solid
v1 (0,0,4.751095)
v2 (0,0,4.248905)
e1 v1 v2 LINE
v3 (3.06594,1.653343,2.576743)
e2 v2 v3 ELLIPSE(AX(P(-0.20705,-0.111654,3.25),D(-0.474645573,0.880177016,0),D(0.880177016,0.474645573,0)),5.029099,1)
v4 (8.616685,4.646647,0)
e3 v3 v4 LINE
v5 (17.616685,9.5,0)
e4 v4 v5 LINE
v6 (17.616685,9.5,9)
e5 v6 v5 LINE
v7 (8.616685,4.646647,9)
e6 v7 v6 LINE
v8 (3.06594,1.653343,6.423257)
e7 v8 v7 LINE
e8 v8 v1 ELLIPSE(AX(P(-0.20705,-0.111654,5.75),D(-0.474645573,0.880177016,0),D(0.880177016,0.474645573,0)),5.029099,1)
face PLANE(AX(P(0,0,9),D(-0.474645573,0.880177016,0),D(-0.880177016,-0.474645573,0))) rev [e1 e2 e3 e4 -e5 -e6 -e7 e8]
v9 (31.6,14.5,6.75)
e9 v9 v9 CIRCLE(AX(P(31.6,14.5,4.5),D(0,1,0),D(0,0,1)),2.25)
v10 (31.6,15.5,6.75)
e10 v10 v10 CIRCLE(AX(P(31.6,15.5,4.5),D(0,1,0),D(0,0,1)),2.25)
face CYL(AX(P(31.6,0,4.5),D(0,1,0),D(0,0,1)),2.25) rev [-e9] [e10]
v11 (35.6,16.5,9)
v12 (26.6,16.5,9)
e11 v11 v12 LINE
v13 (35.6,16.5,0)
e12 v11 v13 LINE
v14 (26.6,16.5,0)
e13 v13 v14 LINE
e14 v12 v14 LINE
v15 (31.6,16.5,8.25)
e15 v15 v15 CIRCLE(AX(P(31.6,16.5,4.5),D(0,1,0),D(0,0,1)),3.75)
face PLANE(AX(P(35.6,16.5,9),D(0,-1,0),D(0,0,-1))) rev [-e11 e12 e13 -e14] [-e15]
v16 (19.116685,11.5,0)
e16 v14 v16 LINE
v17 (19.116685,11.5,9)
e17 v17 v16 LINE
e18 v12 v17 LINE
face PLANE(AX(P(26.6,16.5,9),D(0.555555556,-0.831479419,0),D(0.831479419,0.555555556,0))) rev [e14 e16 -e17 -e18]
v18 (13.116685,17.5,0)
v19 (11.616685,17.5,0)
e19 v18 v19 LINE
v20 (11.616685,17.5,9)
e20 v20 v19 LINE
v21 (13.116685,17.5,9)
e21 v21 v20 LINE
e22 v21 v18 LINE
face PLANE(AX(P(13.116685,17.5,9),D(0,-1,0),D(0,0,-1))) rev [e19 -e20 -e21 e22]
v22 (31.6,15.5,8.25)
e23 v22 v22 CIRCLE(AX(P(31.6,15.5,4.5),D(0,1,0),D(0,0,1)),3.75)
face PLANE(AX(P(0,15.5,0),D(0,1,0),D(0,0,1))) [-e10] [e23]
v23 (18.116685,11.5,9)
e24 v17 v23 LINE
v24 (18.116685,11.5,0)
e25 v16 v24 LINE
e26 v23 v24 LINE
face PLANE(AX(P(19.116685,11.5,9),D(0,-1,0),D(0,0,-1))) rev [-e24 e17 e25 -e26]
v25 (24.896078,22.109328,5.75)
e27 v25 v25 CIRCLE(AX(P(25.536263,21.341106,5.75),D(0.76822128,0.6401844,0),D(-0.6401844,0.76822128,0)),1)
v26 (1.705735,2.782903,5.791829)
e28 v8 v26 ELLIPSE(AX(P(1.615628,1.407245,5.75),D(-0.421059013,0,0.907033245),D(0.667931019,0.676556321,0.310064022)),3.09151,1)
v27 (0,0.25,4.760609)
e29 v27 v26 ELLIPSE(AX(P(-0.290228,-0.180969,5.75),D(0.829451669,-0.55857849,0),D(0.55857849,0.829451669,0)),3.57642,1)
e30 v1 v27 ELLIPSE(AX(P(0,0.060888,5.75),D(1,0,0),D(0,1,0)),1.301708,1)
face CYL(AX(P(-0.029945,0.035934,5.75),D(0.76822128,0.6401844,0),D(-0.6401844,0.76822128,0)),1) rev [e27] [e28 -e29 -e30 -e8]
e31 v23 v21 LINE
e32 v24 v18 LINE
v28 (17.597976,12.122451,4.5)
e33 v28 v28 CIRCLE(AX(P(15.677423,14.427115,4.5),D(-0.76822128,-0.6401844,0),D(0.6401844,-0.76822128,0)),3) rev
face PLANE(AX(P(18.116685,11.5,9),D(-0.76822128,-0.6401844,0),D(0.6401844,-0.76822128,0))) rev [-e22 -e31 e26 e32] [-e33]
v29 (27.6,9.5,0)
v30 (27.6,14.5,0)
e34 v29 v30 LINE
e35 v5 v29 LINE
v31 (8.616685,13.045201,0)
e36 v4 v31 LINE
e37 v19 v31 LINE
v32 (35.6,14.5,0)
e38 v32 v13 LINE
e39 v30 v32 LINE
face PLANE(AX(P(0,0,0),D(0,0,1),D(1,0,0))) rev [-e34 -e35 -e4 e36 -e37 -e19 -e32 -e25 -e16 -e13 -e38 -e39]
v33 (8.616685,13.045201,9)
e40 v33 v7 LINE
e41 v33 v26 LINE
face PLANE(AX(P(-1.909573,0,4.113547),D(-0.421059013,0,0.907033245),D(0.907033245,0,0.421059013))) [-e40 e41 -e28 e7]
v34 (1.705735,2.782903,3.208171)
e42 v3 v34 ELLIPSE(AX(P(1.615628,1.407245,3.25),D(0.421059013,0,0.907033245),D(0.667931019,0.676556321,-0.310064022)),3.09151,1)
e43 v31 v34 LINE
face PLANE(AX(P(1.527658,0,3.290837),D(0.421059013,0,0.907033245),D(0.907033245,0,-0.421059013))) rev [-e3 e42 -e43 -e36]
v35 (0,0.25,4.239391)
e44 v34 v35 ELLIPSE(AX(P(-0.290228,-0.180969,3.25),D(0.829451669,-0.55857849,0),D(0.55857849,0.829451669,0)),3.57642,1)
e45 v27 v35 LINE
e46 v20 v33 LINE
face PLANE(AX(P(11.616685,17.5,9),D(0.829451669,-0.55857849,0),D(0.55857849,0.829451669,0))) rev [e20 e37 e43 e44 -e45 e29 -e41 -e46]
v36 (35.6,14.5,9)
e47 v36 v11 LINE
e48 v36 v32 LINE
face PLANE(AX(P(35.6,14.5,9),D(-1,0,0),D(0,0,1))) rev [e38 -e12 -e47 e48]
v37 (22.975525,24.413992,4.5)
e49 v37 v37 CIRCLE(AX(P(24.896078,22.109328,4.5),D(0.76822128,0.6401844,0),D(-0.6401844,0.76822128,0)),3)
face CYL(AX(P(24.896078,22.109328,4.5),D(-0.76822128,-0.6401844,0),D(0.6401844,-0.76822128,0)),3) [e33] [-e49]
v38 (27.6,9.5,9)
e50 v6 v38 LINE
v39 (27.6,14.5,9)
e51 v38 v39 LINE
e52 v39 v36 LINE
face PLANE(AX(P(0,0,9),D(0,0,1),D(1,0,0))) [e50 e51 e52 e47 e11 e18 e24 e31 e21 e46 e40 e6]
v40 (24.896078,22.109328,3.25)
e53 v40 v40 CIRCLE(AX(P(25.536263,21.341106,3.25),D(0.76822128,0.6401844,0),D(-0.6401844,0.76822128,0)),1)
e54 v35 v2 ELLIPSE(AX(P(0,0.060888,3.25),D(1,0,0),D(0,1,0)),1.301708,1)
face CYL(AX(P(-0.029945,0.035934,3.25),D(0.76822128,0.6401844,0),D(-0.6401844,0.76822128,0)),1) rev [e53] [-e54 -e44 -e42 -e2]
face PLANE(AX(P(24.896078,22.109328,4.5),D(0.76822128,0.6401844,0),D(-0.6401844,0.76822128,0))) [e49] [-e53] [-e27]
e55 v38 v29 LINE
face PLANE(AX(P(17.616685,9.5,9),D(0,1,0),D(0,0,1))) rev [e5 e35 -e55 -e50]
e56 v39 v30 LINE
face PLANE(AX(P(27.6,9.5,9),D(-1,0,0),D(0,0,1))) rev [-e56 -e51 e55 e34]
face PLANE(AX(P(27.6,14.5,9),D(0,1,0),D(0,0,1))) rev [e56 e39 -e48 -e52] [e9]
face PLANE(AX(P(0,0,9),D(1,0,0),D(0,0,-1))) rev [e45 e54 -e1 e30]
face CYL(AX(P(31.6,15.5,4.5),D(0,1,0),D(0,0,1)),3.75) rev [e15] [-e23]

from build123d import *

# Parameters (mm, degrees)
BOSS_EXTRUDE1_DEPTH     = 9
SKETCH2_R               = 2.25
CUT_EXTRUDE1_DEPTH      = 16.5
SKETCH2_3_R             = 3.75
SKETCH2_3_R_2           = 2.25
CUT_EXTRUDE2_DEPTH      = 1
SKETCH3_R               = 3
BOSS_EXTRUDE2_DEPTH     = 12
CUT_EXTRUDE3_DEPTH      = 26.24364859
CUT_EXTRUDE3_DEPTH_BACK = 26.24364859
SKETCH4_R               = 1


with BuildPart() as part:
    # Sketch1 → Boss-Extrude1 (new body)
    with BuildSketch(Plane.XY):
        Polygon((0, 0), (17.616685226, 9.5), (27.6, 9.5), (27.6, 14.5), (35.6, 14.5), (35.6, 16.5), (26.6, 16.5), (19.116685226, 11.5), (18.116685226, 11.5), (13.116685226, 17.5), (11.616685226, 17.5), (0, 0.25), align=None)
    extrude(amount=BOSS_EXTRUDE1_DEPTH)

    # Sketch2 → Cut-Extrude1 (cut)
    with BuildSketch(Plane(origin=(0, 16.5, 0), x_dir=(1, 0, 0), z_dir=(0, 1, 0))):
        with Locations(Location((31.6, -4.5, 0), (0, 0, 270))):
            Circle(SKETCH2_R)
        Polygon((0, 0), (0, -4), (8.616685226, 0), align=None)
        Polygon((0, -5), (8.616685226, -9), (0, -9), align=None)
    extrude(amount=-CUT_EXTRUDE1_DEPTH, mode=Mode.SUBTRACT)

    # Sketch2<3> → Cut-Extrude2 (cut)
    with BuildSketch(Plane(origin=(0, 16.5, 0), x_dir=(1, 0, 0), z_dir=(0, 1, 0))):
        with Locations(Location((31.6, -4.5, 0), (0, 0, 270))):
            Circle(SKETCH2_3_R)
        with Locations(Location((31.6, -4.5, 0), (0, 0, 270))):
            Circle(SKETCH2_3_R_2, mode=Mode.SUBTRACT)
    extrude(amount=-CUT_EXTRUDE2_DEPTH, mode=Mode.SUBTRACT)

    # Sketch3 → Boss-Extrude2 (add)
    with BuildSketch(Plane(origin=(16.347551937, 13.622959947, 0), x_dir=(0, 0, -1), z_dir=(0.768221279597376, 0.6401843996644799, 0))):
        with Locations(Location((-4.5, 1.046775136, 0), (0, 0, 270))):
            Circle(SKETCH3_R)
    extrude(amount=BOSS_EXTRUDE2_DEPTH)

    # Sketch4 → Cut-Extrude3 (cut, two sides: drawn at the far end of the back side and taken through both)
    with BuildSketch(Plane(origin=(16.347551937, 13.622959947, 0), x_dir=(0, 0, -1), z_dir=(0.768221279597376, 0.6401843996644799, 0)).offset(-CUT_EXTRUDE3_DEPTH_BACK)):
        with Locations(Location((-5.75, 0.046775136, 0), (0, 0, 90))):
            Circle(SKETCH4_R)
        with Locations(Location((-3.25, 0.046775136, 0), (0, 0, 90))):
            Circle(SKETCH4_R)
    extrude(amount=CUT_EXTRUDE3_DEPTH + CUT_EXTRUDE3_DEPTH_BACK, mode=Mode.SUBTRACT)


solid = part.part
